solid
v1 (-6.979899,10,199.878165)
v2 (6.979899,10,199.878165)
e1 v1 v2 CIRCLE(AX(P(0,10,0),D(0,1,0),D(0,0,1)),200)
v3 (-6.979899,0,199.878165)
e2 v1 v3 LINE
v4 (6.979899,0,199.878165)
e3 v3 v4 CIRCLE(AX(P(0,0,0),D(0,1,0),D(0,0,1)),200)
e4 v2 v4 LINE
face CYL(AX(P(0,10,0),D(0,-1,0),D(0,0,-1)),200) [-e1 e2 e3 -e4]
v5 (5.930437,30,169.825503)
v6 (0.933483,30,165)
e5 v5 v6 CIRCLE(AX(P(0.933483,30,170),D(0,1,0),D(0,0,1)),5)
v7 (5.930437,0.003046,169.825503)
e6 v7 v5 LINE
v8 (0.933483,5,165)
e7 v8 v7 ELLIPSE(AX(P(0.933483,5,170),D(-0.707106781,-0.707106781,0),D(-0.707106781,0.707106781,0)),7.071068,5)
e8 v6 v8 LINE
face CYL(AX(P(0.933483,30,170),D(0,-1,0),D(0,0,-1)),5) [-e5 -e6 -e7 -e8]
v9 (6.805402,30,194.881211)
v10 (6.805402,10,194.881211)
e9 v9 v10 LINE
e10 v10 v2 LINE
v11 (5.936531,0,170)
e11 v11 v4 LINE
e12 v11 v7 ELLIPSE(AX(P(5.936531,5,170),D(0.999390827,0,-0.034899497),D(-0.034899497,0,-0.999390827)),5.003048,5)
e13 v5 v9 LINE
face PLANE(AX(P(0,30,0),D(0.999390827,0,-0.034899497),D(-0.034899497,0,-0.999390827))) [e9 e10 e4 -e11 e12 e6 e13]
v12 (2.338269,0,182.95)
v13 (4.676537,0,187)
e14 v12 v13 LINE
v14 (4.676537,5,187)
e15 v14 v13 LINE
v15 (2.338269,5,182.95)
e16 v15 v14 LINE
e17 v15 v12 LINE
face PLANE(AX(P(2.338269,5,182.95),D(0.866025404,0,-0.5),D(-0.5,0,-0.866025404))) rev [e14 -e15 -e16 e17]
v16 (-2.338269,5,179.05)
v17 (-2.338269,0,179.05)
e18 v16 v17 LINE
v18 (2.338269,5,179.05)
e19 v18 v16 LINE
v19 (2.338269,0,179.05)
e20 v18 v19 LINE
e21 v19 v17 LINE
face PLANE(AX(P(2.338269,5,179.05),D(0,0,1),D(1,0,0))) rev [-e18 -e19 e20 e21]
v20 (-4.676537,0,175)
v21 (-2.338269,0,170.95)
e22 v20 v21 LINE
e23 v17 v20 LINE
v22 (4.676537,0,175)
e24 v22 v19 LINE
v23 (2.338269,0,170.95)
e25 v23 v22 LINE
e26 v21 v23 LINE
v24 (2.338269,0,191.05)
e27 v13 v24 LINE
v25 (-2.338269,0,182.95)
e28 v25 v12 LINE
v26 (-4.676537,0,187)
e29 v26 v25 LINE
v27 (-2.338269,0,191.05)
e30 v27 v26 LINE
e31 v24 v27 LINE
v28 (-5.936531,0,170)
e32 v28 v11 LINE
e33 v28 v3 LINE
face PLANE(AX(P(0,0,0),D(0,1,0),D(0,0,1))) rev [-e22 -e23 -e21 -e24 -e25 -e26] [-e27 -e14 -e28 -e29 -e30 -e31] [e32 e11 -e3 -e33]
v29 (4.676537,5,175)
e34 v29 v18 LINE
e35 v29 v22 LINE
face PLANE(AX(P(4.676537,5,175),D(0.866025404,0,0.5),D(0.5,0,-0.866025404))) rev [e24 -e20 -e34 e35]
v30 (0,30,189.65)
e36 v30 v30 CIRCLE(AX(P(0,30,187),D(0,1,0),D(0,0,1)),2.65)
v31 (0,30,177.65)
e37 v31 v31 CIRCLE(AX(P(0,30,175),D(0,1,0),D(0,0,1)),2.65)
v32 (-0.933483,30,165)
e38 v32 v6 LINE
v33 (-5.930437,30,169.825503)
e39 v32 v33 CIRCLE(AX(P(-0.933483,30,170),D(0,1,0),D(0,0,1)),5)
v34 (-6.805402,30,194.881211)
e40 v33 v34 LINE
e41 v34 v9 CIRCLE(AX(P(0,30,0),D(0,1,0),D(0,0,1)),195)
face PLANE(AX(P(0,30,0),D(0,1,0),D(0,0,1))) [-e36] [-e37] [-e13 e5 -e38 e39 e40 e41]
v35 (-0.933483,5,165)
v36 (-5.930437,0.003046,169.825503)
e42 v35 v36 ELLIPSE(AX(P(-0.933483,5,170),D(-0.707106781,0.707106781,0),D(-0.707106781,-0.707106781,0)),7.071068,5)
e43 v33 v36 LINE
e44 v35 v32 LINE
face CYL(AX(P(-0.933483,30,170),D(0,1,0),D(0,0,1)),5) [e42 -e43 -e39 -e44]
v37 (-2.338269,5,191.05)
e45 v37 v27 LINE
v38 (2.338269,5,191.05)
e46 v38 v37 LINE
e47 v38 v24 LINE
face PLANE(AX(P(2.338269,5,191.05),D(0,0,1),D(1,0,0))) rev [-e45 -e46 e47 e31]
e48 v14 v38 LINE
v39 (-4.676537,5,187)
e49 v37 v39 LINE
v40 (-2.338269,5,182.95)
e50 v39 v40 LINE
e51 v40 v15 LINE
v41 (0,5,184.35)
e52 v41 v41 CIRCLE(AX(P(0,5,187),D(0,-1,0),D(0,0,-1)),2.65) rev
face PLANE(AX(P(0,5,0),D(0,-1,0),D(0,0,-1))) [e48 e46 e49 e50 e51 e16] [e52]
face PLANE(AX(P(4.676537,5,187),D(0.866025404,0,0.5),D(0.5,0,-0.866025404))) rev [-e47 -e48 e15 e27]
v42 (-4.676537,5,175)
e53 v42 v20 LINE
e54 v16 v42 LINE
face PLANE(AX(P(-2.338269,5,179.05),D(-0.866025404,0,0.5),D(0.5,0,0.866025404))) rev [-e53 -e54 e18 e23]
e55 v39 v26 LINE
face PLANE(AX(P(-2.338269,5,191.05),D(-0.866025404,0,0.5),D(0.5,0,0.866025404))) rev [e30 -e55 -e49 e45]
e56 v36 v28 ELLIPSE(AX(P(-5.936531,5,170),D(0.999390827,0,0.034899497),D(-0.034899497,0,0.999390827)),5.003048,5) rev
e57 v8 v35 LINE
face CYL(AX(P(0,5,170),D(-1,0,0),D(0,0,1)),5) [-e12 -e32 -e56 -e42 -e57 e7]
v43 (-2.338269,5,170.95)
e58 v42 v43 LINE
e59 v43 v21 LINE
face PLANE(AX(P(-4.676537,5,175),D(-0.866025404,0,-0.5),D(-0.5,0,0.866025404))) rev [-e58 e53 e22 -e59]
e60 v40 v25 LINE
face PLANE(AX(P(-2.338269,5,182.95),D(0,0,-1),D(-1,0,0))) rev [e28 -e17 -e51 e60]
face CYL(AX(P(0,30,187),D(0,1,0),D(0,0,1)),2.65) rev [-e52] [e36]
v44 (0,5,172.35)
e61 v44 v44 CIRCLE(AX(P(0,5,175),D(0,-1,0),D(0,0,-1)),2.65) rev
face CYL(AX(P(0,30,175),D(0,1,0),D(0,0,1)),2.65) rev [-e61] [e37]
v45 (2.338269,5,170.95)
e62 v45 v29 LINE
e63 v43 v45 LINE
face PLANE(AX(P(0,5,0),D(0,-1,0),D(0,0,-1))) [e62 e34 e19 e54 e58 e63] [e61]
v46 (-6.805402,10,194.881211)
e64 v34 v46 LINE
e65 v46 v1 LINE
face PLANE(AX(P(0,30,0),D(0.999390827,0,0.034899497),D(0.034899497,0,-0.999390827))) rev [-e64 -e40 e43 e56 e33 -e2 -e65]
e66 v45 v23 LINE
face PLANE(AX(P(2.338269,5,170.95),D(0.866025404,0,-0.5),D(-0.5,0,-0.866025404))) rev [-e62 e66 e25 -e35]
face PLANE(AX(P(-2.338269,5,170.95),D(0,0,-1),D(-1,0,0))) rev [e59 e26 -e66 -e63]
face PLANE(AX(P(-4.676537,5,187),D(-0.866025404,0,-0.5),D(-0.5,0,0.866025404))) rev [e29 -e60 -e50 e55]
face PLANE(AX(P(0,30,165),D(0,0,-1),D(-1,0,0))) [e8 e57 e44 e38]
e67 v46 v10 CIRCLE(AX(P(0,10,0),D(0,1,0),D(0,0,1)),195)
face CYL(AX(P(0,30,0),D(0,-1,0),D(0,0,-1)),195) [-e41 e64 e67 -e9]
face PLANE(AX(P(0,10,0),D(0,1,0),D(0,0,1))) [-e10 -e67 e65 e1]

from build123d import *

# Parameters (mm, degrees)
EXTRUDE_583_DEPTH   = 30
EXTRUDE_631_DEPTH   = 10
FILLET_1_R          = 5
HOLE_WIZARD_M5_1_D  = 5.3
CUT_EXTRUDE_1_DEPTH = 5


with BuildPart() as part:
    # 草图1 → Extrude 583 (new body)
    with BuildSketch(Plane(origin=(0, 0, 0), x_dir=(1, 0, 0), z_dir=(0, 1, 0))):
        with BuildLine():
            Line((5.761926966, -165), (-5.761926966, -165))
            Line((-5.761926966, -165), (-6.805401857, -194.881211269))
            ThreePointArc((-6.805401857, -194.881211269), (0, -195), (6.805401857, -194.881211269))
            Line((6.805401857, -194.881211269), (5.761926966, -165))
        make_face()
    extrude(amount=EXTRUDE_583_DEPTH)

    # 草图1<3> → Extrude 631 (add)
    with BuildSketch(Plane(origin=(0, 0, 0), x_dir=(1, 0, 0), z_dir=(0, 1, 0))):
        with BuildLine():
            ThreePointArc((6.805401857, -194.881211269), (0, -195), (-6.805401857, -194.881211269))
            Line((-6.805401857, -194.881211269), (-6.979899341, -199.878165404))
            ThreePointArc((-6.979899341, -199.878165404), (0, -200), (6.979899341, -199.878165404))
            Line((6.979899341, -199.878165404), (6.805401857, -194.881211269))
        make_face()
    extrude(amount=EXTRUDE_631_DEPTH)

    # 圆角1
    fillet_1_edges = [part.edges().sort_by_distance(p)[0] for p in [
        (0, 0, 165),
        (-5.761926966, 15, 165),
        (5.761926966, 15, 165),
    ]]
    fillet(fillet_1_edges, radius=FILLET_1_R)

    # M5 间隙孔1 (through all)
    with Locations(Plane(origin=(0, 30, 0), x_dir=(1, 0, 0), z_dir=(0, 1, 0))):
        with Locations((0, -187), (0, -175)):
            Hole(HOLE_WIZARD_M5_1_D / 2)

    # 草图6 → 切除-拉伸1 (cut)
    with BuildSketch(Plane.XZ):
        Polygon((-4.67653718, 175), (-2.33826859, 170.95), (2.33826859, 170.95), (4.67653718, 175), (2.33826859, 179.05), (-2.33826859, 179.05), align=None)
        Polygon((-4.67653718, 187), (-2.33826859, 182.95), (2.33826859, 182.95), (4.67653718, 187), (2.33826859, 191.05), (-2.33826859, 191.05), align=None)
    extrude(amount=-CUT_EXTRUDE_1_DEPTH, mode=Mode.SUBTRACT)


solid = part.part
